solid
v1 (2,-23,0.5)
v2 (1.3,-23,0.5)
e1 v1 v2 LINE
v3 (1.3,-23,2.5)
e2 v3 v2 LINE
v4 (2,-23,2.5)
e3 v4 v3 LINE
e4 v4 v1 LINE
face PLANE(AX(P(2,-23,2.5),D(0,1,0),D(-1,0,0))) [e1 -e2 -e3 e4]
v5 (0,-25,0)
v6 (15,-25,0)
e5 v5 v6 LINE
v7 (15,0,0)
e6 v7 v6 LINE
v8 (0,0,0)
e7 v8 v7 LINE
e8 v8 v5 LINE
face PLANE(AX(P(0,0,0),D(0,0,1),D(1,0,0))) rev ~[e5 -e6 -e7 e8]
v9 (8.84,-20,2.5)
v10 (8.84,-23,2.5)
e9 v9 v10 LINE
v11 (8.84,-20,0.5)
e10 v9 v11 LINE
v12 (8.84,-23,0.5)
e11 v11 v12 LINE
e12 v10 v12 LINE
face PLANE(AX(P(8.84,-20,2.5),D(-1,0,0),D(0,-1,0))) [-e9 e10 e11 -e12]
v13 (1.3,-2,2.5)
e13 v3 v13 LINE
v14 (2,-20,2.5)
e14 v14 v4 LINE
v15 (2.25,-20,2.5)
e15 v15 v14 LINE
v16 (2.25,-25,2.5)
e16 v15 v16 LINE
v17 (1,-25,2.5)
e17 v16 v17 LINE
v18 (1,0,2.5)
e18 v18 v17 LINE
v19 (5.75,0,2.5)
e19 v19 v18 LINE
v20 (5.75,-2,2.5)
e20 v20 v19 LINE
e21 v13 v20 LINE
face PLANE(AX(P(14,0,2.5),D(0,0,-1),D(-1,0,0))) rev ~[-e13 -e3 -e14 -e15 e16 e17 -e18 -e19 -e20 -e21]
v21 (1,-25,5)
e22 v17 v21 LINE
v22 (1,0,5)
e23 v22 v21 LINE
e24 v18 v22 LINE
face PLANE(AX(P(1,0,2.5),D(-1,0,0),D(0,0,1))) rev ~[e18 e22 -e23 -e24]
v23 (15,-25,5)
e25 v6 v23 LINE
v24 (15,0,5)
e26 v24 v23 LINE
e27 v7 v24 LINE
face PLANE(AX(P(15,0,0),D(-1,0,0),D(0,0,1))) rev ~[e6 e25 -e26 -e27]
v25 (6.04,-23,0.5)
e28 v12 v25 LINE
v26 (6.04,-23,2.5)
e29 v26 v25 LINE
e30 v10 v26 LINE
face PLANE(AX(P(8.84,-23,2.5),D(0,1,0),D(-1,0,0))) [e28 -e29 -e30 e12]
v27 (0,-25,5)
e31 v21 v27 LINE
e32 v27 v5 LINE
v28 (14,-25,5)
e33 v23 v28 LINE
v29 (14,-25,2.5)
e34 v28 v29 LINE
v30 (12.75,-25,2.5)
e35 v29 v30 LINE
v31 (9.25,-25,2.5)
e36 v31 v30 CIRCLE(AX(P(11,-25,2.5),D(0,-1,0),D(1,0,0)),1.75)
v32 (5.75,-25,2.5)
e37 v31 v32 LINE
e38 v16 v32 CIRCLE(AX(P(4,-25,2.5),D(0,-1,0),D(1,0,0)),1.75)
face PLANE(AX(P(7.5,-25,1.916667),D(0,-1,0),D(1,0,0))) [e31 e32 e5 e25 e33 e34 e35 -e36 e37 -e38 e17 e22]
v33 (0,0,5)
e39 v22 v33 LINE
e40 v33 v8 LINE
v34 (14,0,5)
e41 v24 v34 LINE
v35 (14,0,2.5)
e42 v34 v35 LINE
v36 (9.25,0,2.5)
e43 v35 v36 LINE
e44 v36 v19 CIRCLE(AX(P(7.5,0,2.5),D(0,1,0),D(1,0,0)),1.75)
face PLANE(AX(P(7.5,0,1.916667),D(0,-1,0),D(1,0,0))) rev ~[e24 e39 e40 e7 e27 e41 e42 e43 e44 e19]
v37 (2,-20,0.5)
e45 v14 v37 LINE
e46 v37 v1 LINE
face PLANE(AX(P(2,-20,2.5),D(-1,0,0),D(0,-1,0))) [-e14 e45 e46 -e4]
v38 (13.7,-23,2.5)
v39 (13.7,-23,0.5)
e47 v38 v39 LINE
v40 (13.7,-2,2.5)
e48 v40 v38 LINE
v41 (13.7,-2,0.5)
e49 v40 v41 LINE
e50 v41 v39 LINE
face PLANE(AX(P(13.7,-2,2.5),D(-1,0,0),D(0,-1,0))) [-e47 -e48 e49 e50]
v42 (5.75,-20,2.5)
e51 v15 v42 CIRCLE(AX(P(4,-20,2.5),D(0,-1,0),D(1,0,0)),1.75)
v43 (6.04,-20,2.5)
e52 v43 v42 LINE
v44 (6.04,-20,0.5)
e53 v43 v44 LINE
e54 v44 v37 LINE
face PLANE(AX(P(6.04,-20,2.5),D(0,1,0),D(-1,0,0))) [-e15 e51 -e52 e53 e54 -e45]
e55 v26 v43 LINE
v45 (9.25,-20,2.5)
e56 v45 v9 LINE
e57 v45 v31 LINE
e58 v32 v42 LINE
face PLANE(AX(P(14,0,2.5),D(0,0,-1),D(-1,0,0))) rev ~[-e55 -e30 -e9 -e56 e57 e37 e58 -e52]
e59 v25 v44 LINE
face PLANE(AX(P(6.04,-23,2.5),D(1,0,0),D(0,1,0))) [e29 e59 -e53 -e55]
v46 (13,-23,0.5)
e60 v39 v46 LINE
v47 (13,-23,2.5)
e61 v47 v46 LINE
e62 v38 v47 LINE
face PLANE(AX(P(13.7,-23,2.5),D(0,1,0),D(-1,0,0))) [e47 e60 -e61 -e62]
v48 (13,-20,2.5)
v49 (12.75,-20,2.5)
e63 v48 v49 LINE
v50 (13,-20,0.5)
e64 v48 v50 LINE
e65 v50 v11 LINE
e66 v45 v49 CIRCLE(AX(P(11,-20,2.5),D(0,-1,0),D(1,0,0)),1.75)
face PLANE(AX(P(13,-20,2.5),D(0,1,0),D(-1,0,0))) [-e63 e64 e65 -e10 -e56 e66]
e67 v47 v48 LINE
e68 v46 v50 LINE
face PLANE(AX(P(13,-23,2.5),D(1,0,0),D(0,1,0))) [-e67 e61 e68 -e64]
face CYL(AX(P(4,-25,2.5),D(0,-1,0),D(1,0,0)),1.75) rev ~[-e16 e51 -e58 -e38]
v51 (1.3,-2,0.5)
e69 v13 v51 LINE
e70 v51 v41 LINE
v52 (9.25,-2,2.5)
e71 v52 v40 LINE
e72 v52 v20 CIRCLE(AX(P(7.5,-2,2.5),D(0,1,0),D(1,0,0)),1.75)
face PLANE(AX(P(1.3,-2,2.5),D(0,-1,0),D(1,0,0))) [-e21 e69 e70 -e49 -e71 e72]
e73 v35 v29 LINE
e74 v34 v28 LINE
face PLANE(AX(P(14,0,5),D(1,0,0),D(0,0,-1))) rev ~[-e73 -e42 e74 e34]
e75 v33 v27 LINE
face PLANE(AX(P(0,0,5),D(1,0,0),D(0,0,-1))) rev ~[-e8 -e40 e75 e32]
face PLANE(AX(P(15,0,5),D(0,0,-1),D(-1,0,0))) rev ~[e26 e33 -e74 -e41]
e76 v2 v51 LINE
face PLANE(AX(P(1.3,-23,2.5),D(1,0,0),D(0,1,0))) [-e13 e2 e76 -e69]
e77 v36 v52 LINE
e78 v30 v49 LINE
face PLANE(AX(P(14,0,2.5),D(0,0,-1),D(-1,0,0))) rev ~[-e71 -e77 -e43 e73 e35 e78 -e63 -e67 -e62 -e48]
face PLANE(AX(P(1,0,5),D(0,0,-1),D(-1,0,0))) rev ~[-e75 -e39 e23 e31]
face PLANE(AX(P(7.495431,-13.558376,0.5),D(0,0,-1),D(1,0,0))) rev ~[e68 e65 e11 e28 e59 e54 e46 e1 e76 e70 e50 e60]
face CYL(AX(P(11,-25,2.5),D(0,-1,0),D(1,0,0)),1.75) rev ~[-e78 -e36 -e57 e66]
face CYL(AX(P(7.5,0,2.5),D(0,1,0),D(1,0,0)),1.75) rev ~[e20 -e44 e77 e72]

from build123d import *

# Parameters (mm, degrees)
PAD_DEPTH      = 25
SKETCH001_R    = 1.75
HOLE_DEPTH     = 5
HOLE_TIPS_R    = 1.75
POCKET_DEPTH   = 2
SKETCH003_R    = 1.75
HOLE001_DEPTH  = 2
HOLE001_TIPS_R = 1.75


with BuildPart() as part:
    # Sketch → Pad (new body)
    with BuildSketch(Plane.XZ):
        Polygon((0, 0), (15, 0), (15, 5), (14, 5), (14, 2.5), (1, 2.5), (1, 5), (0, 5), align=None)
    extrude(amount=PAD_DEPTH)

    # Sketch001 (on Face10 of Pad) → Hole (cut)
    with BuildSketch(Plane.XZ.offset(25)):
        with Locations((4, 2.5)):
            Circle(SKETCH001_R)
        with Locations((11, 2.5)):
            Circle(SKETCH001_R)
    extrude(amount=-HOLE_DEPTH, mode=Mode.SUBTRACT)

    # Hole tips → Hole tip 1 section 0
    with BuildSketch(Plane.XZ.offset(20), mode=Mode.PRIVATE) as hole_tip_1_s0:
        with Locations((4, 2.5)):
            Circle(HOLE_TIPS_R)
    loft([hole_tip_1_s0.sketch, Vertex(4, -18.948494, 2.5)], mode=Mode.SUBTRACT)

    # Hole tips → Hole tip 2 section 0
    with BuildSketch(Plane.XZ.offset(20), mode=Mode.PRIVATE) as hole_tip_2_s0:
        with Locations((11, 2.5)):
            Circle(HOLE_TIPS_R)
    loft([hole_tip_2_s0.sketch, Vertex(11, -18.948494, 2.5)], mode=Mode.SUBTRACT)

    # Sketch002 (on Face2 of Hole) → Pocket (cut)
    with BuildSketch(Plane(origin=(0, 0, 2.5), x_dir=(-1, 0, 0), z_dir=(0, 0, 1))):
        Polygon((-13.7, 23), (-13, 23), (-13, 20), (-8.84, 20), (-8.84, 23), (-6.04, 23), (-6.04, 20), (-2, 20), (-2, 23), (-1.3, 23), (-1.3, 2), (-13.7, 2), align=None)
    extrude(amount=-POCKET_DEPTH, mode=Mode.SUBTRACT)

    # Sketch003 (on Face4 of Pocket) → Hole001 (cut)
    with BuildSketch(Plane(origin=(0, 0, 0), x_dir=(1, 0, 0), z_dir=(0, 1, 0))):
        with Locations((7.5, -2.5)):
            Circle(SKETCH003_R)
    extrude(amount=-HOLE001_DEPTH, mode=Mode.SUBTRACT)

    # Hole001 tips → Hole001 tip 1 section 0
    with BuildSketch(Plane(origin=(0, -2, 0), x_dir=(1, 0, 0), z_dir=(0, 1, 0)), mode=Mode.PRIVATE) as hole001_tip_1_s0:
        with Locations((7.5, -2.5)):
            Circle(HOLE001_TIPS_R)
    loft([hole001_tip_1_s0.sketch, Vertex(7.5, -3.051506, 2.5)], mode=Mode.SUBTRACT)


solid = part.part
